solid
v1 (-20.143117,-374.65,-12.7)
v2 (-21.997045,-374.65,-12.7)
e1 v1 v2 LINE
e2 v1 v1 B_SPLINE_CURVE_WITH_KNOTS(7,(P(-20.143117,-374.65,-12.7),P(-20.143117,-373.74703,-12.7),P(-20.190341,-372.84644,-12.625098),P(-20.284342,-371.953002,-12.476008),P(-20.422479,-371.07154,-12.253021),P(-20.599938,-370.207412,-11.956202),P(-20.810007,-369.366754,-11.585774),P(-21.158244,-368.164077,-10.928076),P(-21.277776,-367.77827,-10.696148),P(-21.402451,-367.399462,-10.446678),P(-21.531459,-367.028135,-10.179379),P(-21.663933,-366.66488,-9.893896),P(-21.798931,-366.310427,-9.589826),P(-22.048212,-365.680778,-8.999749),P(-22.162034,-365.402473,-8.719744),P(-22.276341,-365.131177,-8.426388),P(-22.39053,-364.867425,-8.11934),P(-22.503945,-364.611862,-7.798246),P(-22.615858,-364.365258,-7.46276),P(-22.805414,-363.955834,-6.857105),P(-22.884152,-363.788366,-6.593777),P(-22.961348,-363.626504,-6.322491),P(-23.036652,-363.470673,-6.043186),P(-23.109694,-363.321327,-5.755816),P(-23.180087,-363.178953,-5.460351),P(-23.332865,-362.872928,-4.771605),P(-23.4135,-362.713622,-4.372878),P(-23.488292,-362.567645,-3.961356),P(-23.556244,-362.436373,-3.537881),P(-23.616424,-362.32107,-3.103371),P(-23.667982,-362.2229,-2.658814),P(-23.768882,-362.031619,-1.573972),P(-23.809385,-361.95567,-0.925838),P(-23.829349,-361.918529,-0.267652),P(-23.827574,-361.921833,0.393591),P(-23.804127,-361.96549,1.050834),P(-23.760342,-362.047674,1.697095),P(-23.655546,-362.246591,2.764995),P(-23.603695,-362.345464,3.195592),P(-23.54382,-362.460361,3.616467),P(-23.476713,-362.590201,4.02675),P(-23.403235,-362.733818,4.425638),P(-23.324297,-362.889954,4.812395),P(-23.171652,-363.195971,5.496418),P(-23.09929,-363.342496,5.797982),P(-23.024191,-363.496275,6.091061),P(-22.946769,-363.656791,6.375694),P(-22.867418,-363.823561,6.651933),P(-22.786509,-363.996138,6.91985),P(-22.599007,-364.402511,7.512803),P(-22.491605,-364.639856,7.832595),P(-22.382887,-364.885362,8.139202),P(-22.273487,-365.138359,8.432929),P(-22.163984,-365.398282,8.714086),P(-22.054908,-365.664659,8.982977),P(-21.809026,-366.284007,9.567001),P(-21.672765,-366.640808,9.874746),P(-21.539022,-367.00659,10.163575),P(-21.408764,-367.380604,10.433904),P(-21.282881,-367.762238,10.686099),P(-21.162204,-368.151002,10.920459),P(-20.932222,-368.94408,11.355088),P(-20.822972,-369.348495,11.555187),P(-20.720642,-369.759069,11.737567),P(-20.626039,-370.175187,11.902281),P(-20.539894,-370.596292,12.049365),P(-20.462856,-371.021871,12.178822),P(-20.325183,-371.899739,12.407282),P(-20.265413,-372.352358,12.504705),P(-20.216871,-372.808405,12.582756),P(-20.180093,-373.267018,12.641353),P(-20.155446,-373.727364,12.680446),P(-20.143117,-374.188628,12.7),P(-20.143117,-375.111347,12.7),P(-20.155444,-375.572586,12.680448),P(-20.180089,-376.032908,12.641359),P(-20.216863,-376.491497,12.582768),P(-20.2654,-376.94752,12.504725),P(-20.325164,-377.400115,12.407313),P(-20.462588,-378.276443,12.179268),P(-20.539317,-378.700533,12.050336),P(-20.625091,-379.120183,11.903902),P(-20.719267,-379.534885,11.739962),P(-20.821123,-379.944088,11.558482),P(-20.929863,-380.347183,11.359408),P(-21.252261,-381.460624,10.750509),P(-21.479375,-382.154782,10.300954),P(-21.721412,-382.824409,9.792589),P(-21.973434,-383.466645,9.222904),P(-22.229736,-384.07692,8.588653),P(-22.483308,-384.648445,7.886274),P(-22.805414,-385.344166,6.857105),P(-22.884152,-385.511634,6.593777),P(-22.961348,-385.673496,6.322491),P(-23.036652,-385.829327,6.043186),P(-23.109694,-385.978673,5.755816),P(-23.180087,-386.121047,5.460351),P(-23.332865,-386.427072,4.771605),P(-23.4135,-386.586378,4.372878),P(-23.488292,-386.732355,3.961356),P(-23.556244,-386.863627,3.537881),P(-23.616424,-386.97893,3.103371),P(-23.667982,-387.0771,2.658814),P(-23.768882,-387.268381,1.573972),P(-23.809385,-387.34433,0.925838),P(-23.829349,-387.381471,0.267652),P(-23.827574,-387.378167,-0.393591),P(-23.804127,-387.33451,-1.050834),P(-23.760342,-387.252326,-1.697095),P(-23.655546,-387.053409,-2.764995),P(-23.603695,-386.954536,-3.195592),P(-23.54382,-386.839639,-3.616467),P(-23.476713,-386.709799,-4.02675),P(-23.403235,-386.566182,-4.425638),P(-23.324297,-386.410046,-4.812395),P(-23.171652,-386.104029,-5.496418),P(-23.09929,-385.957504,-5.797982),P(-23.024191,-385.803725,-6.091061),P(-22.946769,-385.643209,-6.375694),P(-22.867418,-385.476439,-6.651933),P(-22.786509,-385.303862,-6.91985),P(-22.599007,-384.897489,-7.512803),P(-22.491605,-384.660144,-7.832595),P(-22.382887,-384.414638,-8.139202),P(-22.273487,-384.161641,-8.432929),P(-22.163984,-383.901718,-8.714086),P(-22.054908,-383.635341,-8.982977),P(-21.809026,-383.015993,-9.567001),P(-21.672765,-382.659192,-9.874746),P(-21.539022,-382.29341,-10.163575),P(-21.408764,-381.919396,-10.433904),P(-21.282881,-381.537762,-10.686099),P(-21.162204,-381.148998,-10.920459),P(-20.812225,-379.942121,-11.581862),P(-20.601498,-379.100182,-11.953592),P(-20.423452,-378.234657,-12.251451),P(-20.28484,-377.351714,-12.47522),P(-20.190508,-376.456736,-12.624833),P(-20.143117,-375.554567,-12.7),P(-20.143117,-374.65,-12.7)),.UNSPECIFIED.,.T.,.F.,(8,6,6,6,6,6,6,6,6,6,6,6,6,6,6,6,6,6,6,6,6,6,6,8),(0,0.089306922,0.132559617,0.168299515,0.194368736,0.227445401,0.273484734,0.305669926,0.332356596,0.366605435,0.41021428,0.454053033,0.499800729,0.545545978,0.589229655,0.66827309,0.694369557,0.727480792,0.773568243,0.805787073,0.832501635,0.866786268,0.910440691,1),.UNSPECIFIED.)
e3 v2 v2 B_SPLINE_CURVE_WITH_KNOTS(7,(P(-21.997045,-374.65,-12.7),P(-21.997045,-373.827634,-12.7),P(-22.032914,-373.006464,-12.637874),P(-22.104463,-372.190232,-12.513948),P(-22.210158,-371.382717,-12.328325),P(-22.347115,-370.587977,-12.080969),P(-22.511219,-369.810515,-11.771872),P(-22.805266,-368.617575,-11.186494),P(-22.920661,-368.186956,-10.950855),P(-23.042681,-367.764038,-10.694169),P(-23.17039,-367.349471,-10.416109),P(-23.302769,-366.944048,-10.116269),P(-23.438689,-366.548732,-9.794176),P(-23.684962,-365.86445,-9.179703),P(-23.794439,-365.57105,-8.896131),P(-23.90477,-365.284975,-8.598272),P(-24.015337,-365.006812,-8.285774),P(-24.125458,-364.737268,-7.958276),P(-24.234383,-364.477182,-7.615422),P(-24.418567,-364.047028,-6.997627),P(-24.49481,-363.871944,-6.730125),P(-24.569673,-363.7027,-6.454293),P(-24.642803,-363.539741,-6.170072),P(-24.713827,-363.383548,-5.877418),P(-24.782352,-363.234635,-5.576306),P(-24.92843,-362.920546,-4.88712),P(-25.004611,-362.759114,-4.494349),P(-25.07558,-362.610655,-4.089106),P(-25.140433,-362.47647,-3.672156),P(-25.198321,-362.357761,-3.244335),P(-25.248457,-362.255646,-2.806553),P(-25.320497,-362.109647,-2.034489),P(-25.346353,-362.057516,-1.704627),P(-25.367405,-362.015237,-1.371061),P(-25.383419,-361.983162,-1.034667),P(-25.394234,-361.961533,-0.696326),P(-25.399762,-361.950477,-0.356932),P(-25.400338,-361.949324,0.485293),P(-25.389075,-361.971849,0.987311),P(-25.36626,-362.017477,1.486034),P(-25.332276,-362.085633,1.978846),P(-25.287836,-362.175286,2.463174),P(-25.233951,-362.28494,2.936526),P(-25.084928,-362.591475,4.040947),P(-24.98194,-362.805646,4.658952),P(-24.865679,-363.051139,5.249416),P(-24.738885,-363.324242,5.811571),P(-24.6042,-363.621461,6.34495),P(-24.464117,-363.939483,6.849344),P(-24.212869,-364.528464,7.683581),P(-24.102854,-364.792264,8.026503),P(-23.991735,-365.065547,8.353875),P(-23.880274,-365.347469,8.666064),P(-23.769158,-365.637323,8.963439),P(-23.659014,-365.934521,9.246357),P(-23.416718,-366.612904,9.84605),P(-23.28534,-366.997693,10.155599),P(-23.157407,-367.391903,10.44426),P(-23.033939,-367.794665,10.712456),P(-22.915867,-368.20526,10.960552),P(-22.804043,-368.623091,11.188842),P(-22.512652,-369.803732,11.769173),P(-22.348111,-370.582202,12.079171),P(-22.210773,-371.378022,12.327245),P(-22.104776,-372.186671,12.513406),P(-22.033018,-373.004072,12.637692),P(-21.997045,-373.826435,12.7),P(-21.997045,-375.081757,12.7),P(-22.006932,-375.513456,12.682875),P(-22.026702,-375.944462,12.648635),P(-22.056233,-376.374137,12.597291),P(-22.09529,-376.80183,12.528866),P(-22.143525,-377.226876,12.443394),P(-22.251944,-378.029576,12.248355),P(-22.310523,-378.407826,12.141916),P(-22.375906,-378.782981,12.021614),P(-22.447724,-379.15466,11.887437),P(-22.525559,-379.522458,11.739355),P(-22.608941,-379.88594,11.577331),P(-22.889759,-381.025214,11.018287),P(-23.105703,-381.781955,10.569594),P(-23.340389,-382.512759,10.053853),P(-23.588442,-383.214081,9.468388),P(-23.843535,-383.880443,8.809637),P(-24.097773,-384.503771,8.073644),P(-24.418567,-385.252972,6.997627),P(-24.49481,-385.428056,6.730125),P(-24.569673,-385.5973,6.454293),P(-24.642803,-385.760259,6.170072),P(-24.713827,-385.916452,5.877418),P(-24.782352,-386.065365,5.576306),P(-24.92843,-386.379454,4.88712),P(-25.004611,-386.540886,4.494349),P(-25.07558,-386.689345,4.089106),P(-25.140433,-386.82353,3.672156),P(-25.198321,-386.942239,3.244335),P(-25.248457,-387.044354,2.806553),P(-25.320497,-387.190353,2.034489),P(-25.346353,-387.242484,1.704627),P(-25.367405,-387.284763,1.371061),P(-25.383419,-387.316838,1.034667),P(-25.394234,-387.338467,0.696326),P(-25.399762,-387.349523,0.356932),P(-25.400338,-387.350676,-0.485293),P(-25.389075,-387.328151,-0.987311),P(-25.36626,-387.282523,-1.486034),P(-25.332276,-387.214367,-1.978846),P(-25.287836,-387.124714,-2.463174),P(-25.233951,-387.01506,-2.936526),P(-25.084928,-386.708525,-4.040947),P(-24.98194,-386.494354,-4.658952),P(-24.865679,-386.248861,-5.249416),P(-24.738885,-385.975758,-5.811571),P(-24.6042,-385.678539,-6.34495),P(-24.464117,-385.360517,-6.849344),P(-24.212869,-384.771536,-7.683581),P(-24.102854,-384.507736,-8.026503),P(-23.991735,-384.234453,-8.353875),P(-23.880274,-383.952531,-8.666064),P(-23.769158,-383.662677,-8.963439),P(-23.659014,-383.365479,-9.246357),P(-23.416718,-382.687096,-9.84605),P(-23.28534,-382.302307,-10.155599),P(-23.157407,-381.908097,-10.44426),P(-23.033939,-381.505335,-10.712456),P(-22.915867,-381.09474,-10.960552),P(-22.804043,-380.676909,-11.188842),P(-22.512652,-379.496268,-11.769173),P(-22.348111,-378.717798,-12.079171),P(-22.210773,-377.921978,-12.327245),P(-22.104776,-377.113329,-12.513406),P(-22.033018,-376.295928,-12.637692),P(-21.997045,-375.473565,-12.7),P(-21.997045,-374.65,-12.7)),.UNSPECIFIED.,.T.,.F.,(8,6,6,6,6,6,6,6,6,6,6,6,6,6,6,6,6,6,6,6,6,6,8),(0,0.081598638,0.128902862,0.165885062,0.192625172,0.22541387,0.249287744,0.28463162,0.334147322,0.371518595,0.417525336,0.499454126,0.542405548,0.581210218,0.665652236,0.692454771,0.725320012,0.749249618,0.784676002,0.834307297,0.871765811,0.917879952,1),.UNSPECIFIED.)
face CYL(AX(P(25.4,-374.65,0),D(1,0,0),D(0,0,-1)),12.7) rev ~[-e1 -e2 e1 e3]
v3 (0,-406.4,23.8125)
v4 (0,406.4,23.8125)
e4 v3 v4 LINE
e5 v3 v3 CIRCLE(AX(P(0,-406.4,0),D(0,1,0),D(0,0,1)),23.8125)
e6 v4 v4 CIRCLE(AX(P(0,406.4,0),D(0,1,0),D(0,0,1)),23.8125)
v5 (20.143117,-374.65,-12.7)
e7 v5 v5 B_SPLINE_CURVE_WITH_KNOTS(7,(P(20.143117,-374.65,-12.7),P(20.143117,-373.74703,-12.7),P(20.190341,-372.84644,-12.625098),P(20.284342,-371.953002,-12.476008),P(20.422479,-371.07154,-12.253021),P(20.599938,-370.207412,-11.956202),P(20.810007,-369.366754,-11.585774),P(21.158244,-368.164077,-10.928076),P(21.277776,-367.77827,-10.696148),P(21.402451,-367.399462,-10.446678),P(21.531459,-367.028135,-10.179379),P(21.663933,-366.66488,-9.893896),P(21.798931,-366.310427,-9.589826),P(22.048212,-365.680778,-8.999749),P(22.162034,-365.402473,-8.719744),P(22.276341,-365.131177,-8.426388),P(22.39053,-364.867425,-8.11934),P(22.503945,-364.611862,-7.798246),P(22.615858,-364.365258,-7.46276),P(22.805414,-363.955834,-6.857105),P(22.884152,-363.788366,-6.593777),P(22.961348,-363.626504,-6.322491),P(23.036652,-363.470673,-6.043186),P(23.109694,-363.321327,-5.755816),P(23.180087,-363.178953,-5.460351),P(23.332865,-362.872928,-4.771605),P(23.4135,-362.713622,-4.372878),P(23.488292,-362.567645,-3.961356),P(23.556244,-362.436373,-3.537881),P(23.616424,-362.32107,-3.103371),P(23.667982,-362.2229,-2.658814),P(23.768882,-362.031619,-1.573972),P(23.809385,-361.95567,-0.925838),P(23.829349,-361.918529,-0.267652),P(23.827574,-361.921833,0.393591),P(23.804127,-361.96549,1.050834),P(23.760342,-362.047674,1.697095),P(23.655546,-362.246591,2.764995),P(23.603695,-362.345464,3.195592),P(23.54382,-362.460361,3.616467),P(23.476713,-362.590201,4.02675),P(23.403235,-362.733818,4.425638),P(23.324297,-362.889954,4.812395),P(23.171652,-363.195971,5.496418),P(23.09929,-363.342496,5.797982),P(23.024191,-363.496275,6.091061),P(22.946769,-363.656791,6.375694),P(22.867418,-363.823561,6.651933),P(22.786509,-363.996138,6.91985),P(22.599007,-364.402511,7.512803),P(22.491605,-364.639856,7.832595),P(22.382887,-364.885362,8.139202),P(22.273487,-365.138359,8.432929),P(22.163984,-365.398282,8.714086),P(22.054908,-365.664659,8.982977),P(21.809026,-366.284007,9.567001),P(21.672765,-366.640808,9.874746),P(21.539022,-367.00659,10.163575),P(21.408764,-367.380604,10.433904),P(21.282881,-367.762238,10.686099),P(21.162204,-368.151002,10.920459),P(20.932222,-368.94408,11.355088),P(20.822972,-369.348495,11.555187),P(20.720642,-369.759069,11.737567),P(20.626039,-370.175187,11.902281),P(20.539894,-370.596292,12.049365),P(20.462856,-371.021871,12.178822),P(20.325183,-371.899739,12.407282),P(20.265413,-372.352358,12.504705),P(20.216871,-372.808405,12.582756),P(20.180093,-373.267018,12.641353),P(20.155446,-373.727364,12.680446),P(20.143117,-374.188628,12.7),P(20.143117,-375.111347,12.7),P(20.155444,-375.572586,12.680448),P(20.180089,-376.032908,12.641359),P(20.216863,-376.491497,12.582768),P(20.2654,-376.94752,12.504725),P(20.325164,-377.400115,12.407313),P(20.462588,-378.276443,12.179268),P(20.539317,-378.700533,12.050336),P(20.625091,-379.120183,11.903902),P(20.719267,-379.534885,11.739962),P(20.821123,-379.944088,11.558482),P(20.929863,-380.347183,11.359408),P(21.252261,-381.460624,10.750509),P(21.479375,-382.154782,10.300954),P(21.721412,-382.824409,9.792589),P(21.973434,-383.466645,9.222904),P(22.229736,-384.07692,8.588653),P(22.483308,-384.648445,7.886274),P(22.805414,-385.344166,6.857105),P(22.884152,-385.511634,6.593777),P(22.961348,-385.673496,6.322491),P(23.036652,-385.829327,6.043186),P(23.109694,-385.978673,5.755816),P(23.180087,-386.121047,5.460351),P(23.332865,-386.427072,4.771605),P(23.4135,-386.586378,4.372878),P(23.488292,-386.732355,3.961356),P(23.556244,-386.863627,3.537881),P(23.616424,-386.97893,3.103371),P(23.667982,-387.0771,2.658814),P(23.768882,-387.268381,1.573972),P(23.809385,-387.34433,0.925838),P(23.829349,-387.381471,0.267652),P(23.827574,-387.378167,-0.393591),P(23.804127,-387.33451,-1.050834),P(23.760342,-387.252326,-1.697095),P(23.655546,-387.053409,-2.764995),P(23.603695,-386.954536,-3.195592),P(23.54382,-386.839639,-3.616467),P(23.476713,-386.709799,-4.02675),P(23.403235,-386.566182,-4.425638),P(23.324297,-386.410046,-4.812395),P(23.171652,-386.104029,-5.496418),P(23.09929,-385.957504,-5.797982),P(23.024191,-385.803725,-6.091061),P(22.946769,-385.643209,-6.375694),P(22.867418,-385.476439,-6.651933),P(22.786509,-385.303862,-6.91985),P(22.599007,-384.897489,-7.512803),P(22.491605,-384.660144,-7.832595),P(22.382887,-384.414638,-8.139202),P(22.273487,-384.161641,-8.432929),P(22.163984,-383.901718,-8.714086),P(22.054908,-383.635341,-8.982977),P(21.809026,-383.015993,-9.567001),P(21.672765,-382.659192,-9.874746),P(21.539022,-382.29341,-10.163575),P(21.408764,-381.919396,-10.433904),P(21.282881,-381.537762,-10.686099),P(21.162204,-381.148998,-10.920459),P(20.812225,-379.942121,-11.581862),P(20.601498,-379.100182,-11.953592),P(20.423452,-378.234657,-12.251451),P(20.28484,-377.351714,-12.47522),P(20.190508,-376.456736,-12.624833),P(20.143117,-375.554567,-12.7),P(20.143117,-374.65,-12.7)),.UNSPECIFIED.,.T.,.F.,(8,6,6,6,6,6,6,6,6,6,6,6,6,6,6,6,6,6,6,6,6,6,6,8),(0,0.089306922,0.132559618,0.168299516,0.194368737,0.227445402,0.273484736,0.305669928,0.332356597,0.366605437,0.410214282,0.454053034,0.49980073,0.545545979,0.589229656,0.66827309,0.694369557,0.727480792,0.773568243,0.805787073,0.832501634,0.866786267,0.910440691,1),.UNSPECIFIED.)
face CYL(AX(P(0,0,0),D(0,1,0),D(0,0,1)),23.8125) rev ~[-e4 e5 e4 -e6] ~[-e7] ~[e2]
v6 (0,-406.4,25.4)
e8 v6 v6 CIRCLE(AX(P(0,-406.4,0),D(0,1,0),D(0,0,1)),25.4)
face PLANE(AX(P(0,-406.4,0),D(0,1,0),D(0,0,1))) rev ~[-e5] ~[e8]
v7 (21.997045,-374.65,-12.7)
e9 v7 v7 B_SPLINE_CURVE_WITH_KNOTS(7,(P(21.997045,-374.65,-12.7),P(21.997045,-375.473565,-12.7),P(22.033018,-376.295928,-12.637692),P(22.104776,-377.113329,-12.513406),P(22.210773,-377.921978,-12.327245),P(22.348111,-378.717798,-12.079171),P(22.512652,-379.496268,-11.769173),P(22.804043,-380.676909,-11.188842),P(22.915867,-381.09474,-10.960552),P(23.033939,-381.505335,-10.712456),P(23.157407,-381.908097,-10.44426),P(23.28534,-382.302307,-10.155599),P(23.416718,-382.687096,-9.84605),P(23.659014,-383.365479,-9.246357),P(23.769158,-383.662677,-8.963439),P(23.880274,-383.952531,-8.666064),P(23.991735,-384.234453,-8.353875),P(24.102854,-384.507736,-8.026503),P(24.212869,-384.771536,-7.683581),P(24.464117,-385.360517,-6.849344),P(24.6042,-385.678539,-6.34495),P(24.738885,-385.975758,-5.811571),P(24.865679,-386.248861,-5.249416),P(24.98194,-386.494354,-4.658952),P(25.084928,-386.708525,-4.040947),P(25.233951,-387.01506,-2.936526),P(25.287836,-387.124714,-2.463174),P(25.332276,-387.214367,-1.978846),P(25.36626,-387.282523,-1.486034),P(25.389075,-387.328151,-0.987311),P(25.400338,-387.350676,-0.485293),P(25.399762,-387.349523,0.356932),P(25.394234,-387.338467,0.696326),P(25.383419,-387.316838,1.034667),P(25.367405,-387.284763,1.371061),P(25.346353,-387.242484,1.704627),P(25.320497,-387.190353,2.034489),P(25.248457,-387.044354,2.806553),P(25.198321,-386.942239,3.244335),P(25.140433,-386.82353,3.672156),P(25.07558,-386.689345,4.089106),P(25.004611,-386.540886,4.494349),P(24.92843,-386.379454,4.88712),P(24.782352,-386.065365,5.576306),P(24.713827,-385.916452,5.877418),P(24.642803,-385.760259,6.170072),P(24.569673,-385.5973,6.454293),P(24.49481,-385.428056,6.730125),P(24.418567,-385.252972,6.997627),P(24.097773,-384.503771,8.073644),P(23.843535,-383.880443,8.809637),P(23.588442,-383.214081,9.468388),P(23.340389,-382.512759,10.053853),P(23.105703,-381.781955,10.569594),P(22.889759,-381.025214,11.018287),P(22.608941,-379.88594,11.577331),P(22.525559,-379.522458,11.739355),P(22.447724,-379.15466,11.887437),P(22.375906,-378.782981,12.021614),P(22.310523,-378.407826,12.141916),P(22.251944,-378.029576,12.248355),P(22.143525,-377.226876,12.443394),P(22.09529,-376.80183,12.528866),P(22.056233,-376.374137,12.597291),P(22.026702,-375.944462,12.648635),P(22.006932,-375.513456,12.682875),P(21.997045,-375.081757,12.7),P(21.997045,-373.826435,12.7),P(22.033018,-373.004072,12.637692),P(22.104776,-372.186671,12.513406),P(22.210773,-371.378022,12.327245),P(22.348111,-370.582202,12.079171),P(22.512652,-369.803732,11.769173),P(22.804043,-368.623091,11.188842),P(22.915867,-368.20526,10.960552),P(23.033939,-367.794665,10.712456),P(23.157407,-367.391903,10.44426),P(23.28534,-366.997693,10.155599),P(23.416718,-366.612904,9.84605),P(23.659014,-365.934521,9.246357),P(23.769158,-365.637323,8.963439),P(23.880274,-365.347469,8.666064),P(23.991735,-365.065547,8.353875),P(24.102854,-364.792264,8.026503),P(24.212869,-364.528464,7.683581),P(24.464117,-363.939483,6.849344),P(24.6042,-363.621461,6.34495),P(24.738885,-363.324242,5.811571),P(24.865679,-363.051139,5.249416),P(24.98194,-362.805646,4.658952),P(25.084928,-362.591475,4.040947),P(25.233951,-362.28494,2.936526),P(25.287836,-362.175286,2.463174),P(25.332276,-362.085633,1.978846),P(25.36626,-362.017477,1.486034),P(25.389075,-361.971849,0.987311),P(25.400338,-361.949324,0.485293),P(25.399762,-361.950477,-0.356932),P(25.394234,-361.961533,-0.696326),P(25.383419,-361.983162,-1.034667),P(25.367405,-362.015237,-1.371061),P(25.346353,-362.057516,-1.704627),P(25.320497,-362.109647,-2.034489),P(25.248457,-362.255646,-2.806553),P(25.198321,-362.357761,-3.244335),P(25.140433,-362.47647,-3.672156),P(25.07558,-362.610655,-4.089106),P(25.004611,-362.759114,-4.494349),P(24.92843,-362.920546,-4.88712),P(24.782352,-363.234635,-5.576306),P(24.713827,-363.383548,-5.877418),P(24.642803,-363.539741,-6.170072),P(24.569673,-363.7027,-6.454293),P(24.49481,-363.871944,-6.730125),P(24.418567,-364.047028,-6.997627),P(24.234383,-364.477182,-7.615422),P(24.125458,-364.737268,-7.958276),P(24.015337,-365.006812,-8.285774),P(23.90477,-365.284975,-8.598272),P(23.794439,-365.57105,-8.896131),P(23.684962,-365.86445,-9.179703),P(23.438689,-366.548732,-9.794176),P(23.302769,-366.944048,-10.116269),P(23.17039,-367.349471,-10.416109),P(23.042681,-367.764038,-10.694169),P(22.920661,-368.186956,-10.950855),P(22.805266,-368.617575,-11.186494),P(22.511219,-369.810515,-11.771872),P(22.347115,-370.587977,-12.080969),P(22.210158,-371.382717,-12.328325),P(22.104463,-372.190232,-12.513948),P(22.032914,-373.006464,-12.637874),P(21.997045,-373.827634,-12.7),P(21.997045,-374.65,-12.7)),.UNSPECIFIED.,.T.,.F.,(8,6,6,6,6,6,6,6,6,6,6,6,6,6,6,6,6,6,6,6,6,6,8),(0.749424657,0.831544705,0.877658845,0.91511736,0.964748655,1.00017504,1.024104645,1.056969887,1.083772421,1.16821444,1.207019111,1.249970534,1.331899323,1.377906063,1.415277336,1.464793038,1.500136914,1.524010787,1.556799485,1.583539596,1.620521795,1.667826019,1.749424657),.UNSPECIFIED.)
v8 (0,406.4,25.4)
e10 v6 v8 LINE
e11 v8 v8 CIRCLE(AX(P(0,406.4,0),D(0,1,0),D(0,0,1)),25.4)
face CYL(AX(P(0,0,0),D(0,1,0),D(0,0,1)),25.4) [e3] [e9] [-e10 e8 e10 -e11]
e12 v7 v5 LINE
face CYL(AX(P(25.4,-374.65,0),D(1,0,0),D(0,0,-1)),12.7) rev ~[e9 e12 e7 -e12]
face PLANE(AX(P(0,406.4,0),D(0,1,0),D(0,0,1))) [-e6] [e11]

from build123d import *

# Parameters (mm, degrees)
SKETCH1_R           = 25.4
BOSS_EXTRUDE1_DEPTH = 406.4
SHELL1_T            = -1.5875
SKETCH2_R           = 12.7
CUT_EXTRUDE1_DEPTH  = 411.349558304


with BuildPart() as part:
    # Sketch1 → Boss-Extrude1 (new, symmetric)
    with BuildSketch(Plane(origin=(0, 0, 0), x_dir=(1, 0, 0), z_dir=(0, 1, 0))):
        with Locations(Location((0, 0, 0), (0, 0, 270))):
            Circle(SKETCH1_R)
    extrude(amount=BOSS_EXTRUDE1_DEPTH, both=True)

    # Shell1
    shell1_openings = [part.faces().sort_by_distance(p)[0] for p in [
        (0, 406.4, 0),
        (0, -406.4, 0),
    ]]
    offset(amount=SHELL1_T, openings=shell1_openings, kind=Kind.INTERSECTION)

    # Sketch2 → Cut-Extrude1 (cut, through all)
    with BuildSketch(Plane(origin=(25.4, 0, 0), x_dir=(0, 0, -1), z_dir=(1, 0, 0))):
        with Locations((0, -374.65)):
            Circle(SKETCH2_R)
    extrude(amount=-CUT_EXTRUDE1_DEPTH, mode=Mode.SUBTRACT)


solid = part.part
